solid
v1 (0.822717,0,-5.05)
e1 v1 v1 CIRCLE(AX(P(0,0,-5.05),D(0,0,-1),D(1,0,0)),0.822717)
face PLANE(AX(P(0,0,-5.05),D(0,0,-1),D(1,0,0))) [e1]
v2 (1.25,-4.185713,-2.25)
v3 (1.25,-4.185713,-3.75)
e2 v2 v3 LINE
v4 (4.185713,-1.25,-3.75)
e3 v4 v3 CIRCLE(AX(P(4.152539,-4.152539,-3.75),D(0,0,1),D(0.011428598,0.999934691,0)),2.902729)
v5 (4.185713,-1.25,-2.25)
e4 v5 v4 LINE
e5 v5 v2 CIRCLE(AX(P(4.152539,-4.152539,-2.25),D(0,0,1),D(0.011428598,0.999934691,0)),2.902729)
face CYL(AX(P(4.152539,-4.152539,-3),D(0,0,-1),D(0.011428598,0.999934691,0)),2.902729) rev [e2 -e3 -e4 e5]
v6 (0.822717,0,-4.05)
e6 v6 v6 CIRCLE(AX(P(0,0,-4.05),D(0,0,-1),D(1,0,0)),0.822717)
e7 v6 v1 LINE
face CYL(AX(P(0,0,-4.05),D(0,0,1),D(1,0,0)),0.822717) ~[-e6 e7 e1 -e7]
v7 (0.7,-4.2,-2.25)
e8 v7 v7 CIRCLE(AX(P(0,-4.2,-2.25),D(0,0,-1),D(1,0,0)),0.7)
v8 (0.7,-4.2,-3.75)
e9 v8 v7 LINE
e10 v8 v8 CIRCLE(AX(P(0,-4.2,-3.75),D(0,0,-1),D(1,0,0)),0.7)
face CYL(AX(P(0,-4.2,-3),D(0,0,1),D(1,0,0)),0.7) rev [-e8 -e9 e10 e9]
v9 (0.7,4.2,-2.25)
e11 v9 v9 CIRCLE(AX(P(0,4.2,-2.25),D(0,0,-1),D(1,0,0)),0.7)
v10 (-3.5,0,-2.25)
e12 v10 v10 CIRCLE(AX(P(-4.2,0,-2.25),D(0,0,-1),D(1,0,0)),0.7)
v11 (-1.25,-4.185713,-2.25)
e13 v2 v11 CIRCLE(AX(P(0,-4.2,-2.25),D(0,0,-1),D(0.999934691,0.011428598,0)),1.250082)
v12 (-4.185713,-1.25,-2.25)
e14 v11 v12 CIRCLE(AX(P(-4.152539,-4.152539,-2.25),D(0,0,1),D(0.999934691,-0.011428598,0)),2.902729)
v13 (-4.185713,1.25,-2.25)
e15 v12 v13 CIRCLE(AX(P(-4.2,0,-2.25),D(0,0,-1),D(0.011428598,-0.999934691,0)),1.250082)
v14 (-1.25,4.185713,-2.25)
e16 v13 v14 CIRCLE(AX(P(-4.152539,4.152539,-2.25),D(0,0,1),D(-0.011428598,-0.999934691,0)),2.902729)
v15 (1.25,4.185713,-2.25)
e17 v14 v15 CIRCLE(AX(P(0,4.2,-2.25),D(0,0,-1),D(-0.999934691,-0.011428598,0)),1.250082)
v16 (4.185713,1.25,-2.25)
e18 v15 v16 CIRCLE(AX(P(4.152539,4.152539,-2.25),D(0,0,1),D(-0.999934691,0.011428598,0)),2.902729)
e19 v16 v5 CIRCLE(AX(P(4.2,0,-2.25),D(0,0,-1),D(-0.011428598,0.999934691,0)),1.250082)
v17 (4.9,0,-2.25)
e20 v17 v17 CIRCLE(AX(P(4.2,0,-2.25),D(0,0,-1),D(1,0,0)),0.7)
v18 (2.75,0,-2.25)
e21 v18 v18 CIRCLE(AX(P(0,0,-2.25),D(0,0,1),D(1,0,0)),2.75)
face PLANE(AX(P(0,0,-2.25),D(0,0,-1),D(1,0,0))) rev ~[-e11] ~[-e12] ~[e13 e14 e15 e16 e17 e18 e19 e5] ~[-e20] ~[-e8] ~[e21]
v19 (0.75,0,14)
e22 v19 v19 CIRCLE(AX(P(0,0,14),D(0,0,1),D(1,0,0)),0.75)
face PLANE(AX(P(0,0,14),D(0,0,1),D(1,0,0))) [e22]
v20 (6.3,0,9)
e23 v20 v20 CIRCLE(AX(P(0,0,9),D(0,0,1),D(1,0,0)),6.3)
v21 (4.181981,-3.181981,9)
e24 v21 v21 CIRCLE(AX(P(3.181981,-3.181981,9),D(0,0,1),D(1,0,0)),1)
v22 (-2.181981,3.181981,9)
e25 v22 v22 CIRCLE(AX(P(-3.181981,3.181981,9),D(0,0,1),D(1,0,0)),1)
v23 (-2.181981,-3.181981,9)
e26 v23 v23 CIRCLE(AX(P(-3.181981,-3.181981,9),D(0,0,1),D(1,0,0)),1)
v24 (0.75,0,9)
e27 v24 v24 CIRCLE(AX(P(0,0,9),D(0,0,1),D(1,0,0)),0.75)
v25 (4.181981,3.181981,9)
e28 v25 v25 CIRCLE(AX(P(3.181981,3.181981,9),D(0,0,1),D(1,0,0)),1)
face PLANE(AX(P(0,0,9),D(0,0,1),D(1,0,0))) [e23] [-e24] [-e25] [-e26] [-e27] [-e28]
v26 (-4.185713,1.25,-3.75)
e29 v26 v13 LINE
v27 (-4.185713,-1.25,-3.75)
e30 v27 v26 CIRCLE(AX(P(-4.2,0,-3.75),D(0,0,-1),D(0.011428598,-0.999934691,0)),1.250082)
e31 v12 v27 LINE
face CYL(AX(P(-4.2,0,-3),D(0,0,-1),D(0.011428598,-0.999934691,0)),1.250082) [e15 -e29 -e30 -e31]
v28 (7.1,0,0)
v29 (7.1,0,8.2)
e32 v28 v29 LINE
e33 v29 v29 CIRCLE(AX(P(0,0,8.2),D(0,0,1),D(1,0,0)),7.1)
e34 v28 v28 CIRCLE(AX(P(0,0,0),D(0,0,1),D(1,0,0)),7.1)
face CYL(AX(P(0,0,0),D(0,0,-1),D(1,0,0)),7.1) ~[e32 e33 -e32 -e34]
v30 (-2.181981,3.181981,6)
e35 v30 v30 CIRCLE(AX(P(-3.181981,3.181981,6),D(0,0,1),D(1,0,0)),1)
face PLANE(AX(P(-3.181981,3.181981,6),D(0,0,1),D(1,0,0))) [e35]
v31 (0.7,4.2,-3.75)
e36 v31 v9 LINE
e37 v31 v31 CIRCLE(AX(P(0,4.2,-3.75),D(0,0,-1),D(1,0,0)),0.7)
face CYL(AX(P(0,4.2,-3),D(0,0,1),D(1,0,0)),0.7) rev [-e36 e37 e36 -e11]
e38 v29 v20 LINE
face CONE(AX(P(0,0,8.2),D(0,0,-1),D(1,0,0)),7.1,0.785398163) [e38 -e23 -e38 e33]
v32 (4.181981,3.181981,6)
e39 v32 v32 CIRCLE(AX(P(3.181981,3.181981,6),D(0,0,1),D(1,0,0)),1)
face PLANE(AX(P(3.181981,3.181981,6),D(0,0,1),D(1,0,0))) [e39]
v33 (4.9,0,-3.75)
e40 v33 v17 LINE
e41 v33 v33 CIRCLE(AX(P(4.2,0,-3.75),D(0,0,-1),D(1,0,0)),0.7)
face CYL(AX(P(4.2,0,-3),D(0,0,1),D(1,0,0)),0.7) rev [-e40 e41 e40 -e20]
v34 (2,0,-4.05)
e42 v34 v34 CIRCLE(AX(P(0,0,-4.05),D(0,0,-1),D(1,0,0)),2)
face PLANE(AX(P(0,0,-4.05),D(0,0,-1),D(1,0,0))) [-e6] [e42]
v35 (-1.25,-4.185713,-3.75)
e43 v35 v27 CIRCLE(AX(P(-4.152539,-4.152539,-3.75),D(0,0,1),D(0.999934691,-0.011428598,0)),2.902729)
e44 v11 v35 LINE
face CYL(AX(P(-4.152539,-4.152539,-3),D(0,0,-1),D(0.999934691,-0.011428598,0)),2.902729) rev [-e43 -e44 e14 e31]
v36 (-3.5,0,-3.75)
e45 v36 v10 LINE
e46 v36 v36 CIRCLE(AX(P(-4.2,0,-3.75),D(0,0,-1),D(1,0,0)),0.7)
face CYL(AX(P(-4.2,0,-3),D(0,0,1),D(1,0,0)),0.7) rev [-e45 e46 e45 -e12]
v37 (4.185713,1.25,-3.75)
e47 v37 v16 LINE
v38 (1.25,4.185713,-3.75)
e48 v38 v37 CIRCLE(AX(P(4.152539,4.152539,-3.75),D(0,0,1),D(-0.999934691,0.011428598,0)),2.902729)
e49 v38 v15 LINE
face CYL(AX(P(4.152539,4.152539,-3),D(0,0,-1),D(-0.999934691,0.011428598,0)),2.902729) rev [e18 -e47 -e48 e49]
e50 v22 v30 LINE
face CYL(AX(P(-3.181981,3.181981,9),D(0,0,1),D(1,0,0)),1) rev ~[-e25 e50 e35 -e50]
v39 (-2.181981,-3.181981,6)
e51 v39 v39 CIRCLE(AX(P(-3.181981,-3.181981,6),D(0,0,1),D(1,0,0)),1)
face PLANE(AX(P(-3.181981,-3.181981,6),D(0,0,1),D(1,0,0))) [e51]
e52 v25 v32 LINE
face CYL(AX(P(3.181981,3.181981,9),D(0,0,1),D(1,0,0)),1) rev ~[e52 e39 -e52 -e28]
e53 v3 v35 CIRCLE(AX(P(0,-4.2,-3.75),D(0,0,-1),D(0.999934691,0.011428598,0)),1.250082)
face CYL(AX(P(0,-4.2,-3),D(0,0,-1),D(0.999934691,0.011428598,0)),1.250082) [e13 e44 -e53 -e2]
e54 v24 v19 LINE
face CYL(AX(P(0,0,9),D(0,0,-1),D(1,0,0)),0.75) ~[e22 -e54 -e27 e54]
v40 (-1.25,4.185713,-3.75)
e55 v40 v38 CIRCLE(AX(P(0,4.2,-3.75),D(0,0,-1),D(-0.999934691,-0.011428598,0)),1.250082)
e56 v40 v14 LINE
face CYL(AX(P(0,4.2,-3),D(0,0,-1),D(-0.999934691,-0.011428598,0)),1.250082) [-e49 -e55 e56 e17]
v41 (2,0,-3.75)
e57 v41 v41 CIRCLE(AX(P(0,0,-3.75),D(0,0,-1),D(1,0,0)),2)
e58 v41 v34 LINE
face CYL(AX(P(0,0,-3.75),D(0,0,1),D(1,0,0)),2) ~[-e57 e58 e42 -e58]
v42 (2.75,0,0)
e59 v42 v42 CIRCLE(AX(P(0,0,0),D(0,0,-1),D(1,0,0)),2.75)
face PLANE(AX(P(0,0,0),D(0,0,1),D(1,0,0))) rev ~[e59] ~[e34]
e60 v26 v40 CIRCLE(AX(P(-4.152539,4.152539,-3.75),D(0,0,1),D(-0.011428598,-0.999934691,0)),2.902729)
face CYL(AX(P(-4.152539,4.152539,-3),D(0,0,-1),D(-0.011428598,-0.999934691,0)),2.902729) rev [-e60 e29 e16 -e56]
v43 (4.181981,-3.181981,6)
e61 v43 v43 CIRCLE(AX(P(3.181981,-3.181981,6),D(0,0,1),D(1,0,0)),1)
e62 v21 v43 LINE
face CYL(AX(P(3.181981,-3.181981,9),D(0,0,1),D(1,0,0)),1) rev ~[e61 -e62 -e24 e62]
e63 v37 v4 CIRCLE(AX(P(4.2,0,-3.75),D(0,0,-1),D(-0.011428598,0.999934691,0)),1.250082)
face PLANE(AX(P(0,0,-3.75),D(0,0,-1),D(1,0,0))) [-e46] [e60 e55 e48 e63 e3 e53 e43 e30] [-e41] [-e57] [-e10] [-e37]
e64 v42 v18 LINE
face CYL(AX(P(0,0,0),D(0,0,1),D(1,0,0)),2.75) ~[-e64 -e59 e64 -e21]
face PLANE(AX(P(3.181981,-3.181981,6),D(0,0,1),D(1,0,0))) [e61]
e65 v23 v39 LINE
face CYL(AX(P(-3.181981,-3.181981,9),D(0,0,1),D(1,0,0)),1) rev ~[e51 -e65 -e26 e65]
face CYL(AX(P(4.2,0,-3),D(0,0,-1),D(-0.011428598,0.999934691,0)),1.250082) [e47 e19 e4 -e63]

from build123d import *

# Parameters (mm, degrees)
F0_R      = 7.1
F1_DEPTH  = 9
F2_R      = 0.75
F3_DEPTH  = 5
F4_R      = 1
F5_DEPTH  = 3
F6_R      = 2.75
F7_DEPTH  = 3
F8_R      = 0.7
F9_DEPTH  = 0.75
F10_R     = 2
F11_DEPTH = 0.3
F12_R     = 0.8227174872
F13_DEPTH = 1
F14_SIZE  = 0.8


with BuildPart() as f1:
    # F0 (on Top) → F1 (new body)
    with BuildSketch(Plane.XY):
        Circle(F0_R)
    extrude(amount=F1_DEPTH)

    # F2 (on face) → F3 (join)
    with BuildSketch(Plane.XY.offset(9)):
        Circle(F2_R)
    extrude(amount=F3_DEPTH)

    # F4 (on face) → F5 (cut)
    with BuildSketch(Plane.XY.offset(9)):
        with Locations((3.1819805153, 3.1819805153)):
            Circle(F4_R)
        with Locations((-3.1819805153, 3.1819805153)):
            Circle(F4_R)
        with Locations((-3.1819805153, -3.1819805153)):
            Circle(F4_R)
        with Locations((3.1819805153, -3.1819805153)):
            Circle(F4_R)
    extrude(amount=-F5_DEPTH, mode=Mode.SUBTRACT)

    # F6 (on face) → F7 (join)
    with BuildSketch(Plane(origin=(0, 0, 0), x_dir=(1, 0, 0), z_dir=(0, 0, -1))):
        Circle(F6_R)
    extrude(amount=F7_DEPTH)

    # F8 (on face) → F9 (join, symmetric)
    with BuildSketch(Plane(origin=(0, 0, -3), x_dir=(1, 0, 0), z_dir=(0, 0, -1))):
        with BuildLine():
            ThreePointArc((4.185713319, -1.25), (5.450081641, 0), (4.185713319, 1.25))
            ThreePointArc((4.185713319, 1.25), (3.0570558213, 1.4644635871), (2.1, 2.1))
            ThreePointArc((2.1, 2.1), (1.4644635871, 3.0570558213), (1.25, 4.185713319))
            ThreePointArc((1.25, 4.185713319), (0, 5.450081641), (-1.25, 4.185713319))
            ThreePointArc((-1.25, 4.185713319), (-1.4644635871, 3.0570558213), (-2.1, 2.1))
            ThreePointArc((-2.1, 2.1), (-3.0570558213, 1.4644635871), (-4.185713319, 1.25))
            ThreePointArc((-4.185713319, 1.25), (-5.450081641, 0), (-4.185713319, -1.25))
            ThreePointArc((-4.185713319, -1.25), (-3.0570558213, -1.4644635871), (-2.1, -2.1))
            ThreePointArc((-2.1, -2.1), (-1.4644635871, -3.0570558213), (-1.25, -4.185713319))
            ThreePointArc((-1.25, -4.185713319), (0, -5.450081641), (1.25, -4.185713319))
            ThreePointArc((1.25, -4.185713319), (1.4644635871, -3.0570558213), (2.1, -2.1))
            ThreePointArc((2.1, -2.1), (3.0570558213, -1.4644635871), (4.185713319, -1.25))
        make_face()
        with Locations((0, -4.2)):
            Circle(F8_R, mode=Mode.SUBTRACT)
        with Locations((-4.2, 0)):
            Circle(F8_R, mode=Mode.SUBTRACT)
        with Locations((4.2, 0)):
            Circle(F8_R, mode=Mode.SUBTRACT)
        with Locations((0, 4.2)):
            Circle(F8_R, mode=Mode.SUBTRACT)
    extrude(amount=F9_DEPTH, both=True)

    # F10 (on face) → F11 (join)
    with BuildSketch(Plane(origin=(0, 0, -3.75), x_dir=(1, 0, 0), z_dir=(0, 0, -1))):
        Circle(F10_R)
    extrude(amount=F11_DEPTH)

    # F12 (on face) → F13 (join)
    with BuildSketch(Plane(origin=(0, 0, -4.05), x_dir=(1, 0, 0), z_dir=(0, 0, -1))):
        Circle(F12_R)
    extrude(amount=F13_DEPTH)

    # F14
    f14_edges = [f1.edges().sort_by_distance(p)[0] for p in [
        (-7.1, 0, 9),
    ]]
    chamfer(f14_edges, length=F14_SIZE)


solid = f1.part
